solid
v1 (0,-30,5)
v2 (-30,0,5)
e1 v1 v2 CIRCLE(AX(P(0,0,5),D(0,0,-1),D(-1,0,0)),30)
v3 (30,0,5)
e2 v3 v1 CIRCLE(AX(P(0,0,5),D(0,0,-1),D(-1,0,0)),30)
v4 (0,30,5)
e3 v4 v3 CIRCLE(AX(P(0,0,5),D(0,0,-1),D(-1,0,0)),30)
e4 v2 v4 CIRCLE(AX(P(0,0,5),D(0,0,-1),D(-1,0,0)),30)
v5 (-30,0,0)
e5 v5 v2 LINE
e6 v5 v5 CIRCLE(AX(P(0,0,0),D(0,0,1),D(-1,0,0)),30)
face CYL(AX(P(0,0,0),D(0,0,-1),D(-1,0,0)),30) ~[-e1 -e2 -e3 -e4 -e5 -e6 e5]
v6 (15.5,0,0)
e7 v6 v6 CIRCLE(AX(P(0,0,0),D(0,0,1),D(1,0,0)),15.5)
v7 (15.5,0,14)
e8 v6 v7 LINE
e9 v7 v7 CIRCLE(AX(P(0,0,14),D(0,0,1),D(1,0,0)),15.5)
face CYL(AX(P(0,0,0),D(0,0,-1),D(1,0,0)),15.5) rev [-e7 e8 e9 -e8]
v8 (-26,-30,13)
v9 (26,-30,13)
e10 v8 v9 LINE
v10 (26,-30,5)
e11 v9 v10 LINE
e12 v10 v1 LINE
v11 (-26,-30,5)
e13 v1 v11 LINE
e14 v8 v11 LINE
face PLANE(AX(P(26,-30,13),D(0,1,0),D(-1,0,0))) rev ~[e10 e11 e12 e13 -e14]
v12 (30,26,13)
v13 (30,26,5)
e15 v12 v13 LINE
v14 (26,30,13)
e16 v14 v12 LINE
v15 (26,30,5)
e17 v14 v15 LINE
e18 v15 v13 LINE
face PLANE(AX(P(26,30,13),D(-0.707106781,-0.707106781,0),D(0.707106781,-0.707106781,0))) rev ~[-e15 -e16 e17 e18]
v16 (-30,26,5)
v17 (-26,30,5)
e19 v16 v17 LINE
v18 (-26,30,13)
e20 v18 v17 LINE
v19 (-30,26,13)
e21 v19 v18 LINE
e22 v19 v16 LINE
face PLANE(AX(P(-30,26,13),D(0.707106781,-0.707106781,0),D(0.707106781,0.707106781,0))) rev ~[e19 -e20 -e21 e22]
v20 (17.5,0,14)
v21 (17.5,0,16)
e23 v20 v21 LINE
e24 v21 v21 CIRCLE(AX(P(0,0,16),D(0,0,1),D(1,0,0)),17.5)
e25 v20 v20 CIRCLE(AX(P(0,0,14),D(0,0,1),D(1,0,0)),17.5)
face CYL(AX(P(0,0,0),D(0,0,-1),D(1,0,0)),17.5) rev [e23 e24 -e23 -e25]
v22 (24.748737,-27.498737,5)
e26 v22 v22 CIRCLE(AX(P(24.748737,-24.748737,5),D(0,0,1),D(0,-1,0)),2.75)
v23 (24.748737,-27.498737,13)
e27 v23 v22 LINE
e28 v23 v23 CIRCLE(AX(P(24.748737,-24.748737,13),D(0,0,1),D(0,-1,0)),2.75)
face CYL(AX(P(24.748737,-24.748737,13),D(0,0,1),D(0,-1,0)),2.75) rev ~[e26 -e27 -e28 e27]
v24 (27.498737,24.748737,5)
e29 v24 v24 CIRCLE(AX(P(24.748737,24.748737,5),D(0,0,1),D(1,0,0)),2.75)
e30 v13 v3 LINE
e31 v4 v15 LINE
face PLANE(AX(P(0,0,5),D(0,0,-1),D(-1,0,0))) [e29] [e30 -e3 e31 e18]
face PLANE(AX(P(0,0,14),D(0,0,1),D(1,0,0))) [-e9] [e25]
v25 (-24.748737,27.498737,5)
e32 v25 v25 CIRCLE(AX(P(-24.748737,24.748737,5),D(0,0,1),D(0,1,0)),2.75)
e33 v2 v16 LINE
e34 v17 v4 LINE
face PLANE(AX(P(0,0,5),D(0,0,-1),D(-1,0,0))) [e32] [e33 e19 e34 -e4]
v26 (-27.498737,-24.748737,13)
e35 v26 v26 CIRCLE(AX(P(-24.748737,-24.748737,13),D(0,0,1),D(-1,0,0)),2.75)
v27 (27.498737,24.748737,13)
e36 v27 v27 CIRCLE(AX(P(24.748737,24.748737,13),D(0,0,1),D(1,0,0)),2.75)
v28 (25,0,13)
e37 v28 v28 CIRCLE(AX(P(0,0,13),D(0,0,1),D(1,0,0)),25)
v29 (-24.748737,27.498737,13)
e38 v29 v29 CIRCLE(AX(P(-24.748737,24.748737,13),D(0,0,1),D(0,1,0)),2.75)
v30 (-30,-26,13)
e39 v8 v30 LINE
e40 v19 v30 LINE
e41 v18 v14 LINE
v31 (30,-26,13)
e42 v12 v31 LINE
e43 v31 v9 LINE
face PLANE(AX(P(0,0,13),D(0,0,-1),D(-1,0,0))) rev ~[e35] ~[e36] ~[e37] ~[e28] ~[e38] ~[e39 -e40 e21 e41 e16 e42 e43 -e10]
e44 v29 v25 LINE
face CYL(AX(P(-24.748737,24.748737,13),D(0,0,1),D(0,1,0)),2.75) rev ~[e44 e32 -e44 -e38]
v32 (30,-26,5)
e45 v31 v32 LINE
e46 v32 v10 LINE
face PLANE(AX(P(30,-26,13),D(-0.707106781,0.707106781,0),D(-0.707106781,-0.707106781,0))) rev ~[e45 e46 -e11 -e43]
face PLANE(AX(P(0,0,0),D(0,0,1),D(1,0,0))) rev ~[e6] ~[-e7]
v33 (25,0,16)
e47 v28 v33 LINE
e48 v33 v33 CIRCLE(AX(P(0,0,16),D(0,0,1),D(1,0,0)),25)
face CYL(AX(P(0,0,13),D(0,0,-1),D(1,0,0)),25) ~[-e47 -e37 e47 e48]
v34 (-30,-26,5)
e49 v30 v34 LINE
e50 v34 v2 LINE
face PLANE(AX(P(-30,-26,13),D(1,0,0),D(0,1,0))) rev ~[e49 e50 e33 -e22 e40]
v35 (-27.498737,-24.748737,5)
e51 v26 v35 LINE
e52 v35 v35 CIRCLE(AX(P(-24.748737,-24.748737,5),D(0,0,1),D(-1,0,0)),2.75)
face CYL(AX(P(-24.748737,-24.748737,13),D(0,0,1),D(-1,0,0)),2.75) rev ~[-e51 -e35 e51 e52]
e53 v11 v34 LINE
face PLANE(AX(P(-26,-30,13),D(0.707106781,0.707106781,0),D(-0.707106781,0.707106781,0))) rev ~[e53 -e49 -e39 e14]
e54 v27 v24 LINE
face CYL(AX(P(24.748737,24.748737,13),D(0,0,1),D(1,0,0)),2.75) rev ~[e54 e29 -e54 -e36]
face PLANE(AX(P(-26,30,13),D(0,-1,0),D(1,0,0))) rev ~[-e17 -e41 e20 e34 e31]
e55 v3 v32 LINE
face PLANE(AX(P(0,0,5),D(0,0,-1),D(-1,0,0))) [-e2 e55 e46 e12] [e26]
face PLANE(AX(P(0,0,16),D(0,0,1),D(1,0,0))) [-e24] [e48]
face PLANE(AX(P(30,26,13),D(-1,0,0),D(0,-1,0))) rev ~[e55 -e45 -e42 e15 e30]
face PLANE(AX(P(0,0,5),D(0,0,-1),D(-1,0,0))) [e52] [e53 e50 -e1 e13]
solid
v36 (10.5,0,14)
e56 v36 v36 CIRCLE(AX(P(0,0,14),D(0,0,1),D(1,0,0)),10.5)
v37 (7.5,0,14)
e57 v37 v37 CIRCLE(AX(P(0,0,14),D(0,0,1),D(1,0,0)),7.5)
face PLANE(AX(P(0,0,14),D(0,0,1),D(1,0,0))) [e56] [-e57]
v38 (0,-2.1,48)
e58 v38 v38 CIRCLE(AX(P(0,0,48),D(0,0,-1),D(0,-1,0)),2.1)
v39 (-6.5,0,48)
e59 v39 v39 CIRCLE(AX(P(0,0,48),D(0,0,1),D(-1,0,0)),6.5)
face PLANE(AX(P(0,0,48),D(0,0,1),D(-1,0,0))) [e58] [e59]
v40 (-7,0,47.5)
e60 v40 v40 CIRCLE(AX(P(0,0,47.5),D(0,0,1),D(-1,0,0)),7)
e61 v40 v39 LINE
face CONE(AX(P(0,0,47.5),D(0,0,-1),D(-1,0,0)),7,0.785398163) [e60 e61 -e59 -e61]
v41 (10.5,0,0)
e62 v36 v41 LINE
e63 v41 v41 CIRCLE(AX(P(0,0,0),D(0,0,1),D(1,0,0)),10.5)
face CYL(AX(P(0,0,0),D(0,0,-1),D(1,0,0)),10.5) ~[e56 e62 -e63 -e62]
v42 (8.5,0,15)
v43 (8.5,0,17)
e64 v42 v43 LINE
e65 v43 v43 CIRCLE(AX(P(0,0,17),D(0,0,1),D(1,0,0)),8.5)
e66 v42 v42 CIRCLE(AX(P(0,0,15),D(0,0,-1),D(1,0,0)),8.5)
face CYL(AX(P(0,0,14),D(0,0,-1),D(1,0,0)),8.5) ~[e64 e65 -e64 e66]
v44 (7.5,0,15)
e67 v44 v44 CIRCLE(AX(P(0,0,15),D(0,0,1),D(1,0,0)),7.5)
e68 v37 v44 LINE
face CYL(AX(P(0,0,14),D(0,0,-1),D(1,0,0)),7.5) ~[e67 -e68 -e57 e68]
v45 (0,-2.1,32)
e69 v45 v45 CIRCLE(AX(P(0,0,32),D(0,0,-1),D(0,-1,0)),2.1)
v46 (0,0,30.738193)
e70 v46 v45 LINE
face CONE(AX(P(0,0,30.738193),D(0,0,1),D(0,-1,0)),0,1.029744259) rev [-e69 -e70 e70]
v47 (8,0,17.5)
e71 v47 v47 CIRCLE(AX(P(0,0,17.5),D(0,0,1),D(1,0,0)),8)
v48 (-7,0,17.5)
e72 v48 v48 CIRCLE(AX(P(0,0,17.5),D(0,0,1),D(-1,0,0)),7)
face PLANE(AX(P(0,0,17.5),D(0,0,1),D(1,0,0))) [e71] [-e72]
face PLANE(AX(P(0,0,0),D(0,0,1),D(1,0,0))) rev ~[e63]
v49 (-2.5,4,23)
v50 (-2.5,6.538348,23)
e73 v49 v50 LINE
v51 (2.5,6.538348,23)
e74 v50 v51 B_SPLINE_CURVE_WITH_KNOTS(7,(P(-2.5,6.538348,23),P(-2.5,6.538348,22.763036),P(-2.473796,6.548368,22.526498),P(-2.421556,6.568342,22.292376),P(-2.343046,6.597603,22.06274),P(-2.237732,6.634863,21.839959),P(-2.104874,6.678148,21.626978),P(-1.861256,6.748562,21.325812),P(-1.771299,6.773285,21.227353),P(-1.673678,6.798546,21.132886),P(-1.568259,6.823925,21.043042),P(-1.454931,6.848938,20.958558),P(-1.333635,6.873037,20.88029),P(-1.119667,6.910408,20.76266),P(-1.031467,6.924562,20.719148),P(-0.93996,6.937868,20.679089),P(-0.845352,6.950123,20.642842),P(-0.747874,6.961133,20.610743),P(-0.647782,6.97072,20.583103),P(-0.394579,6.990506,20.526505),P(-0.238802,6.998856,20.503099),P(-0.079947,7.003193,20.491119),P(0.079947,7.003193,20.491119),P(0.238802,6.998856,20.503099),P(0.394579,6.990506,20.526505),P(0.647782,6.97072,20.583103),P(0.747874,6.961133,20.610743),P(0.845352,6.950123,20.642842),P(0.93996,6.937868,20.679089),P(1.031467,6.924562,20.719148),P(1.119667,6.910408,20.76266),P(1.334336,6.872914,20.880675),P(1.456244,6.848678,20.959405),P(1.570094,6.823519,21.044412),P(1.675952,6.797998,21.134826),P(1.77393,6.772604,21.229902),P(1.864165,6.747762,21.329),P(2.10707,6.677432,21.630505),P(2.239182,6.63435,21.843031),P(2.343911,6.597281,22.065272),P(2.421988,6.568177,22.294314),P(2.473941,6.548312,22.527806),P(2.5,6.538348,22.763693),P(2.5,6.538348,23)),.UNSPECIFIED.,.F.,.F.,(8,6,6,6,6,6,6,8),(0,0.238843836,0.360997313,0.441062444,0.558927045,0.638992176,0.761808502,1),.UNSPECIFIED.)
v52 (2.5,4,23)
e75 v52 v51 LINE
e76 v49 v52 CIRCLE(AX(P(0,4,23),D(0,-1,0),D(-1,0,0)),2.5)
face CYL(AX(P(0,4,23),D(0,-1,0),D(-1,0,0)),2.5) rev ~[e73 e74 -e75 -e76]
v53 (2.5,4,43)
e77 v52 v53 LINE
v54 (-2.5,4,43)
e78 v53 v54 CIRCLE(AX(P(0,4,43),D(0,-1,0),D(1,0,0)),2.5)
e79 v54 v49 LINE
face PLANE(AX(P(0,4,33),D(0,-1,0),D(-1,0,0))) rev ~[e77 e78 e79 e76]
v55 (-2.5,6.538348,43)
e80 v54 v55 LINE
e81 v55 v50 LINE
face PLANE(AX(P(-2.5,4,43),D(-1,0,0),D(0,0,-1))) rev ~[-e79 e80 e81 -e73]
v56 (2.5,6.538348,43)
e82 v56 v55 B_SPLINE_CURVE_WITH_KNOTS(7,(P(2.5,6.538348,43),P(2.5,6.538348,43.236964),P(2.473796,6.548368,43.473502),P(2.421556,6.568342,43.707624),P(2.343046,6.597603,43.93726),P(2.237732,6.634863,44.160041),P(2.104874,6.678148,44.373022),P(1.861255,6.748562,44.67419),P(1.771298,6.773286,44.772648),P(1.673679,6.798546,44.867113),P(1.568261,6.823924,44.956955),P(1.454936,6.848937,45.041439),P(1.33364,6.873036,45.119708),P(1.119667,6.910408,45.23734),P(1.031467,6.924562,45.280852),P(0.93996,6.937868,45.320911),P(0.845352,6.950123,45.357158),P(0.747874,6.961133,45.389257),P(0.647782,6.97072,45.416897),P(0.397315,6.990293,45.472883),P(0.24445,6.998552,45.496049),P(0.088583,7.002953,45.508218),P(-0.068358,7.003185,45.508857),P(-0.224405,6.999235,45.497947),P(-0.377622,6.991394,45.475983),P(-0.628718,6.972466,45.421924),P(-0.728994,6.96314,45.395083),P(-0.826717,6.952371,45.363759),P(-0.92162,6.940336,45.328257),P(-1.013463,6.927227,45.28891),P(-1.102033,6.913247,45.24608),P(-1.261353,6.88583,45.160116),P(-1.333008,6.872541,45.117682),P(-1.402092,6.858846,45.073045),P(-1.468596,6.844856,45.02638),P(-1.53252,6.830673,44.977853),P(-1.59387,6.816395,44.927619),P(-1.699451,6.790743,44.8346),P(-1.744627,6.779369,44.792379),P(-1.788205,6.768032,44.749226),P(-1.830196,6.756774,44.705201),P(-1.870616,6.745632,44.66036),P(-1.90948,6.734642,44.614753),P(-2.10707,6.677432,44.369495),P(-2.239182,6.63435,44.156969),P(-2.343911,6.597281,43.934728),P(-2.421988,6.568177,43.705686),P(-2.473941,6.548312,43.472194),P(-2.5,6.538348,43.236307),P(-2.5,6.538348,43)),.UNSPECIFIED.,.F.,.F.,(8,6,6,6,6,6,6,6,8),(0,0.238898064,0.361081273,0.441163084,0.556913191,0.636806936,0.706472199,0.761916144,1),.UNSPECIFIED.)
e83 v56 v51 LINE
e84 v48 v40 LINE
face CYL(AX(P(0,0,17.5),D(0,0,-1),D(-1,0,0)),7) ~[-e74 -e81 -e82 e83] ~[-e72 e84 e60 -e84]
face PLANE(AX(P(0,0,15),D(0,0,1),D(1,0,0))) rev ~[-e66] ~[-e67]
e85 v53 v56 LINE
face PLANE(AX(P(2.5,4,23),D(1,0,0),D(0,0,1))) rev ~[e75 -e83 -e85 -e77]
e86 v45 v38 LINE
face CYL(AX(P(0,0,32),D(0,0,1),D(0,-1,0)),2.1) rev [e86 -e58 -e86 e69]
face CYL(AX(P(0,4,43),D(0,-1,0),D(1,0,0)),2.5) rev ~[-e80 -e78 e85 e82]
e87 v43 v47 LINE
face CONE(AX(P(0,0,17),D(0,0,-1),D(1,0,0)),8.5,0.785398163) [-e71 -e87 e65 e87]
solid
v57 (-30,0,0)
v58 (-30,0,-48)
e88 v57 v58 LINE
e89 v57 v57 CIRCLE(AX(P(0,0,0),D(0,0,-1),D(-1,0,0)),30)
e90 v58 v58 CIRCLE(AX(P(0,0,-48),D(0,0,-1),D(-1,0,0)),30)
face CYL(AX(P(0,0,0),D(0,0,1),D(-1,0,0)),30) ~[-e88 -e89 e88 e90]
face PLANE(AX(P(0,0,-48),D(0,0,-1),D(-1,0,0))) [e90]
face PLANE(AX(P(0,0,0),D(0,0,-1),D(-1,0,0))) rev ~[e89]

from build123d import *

# Parameters (mm, degrees)
SKETCH_1_R               = 30
EXTRUDE_1_DEPTH          = 13
SKETCH_2_R               = 30
EXTRUDE_2_DEPTH          = 48
SKETCH_3_R               = 25
SKETCH_3_R_2             = 17.5
EXTRUDE_3_DEPTH          = 3
CUT_EXTRUDE_START        = -13
SKETCH_4_R               = 17.5
CUT_EXTRUDE_1_DEPTH      = 13
SKETCH_6_R               = 17.5
SKETCH_6_R_2             = 15.5
EXTRUDE_4_DEPTH          = 14
SKETCH_7_R               = 10.5
EXTRUDE_5_DEPTH          = 14
SKETCH_8_R               = 8.5
EXTRUDE_6_DEPTH          = 3.5
SKETCH_9_R               = 7
EXTRUDE_7_DEPTH          = 30.5
CHAMFER_1_SIZE           = 0.5
SKETCH_10_R              = 15.5
SKETCH_10_R_2            = 7.5
CUT_EXTRUDE_7_DEPTH      = 1
CUT_EXTRUDE_8_DEPTH      = 10
EXTRUDE_8_DEPTH          = 8
SKETCH_19_R              = 2.75
CUT_EXTRUDE_9_DEPTH      = 8
PATTERN_CIRCULAR_1_COUNT = 4
CUT_EXTRUDE_START_2      = -8
SKETCH_21_R              = 15.5
SKETCH_21_R_2            = 10.5
CUT_EXTRUDE_11_DEPTH     = 8


with BuildPart() as part:
    # 草图1 → 凸台-拉伸1 (new body)
    with BuildSketch(Plane.XY):
        with Locations(Location((0, 0, 0), (0, 0, 180))):
            Circle(SKETCH_1_R)
    extrude(amount=EXTRUDE_1_DEPTH)

    # 草图3 → 凸台-拉伸3 (add)
    with BuildSketch(Plane.XY.offset(13)):
        Circle(SKETCH_3_R)
        Circle(SKETCH_3_R_2, mode=Mode.SUBTRACT)
    extrude(amount=EXTRUDE_3_DEPTH)

    # 草图4 → 切除-拉伸1 (cut)
    with BuildSketch(Plane.XY.offset(13).offset(CUT_EXTRUDE_START)):
        Circle(SKETCH_4_R)
    extrude(amount=CUT_EXTRUDE_1_DEPTH, mode=Mode.SUBTRACT)



with BuildPart() as body_2:
    # 草图2 → 凸台-拉伸2 (new body)
    with BuildSketch(Plane(origin=(0, 0, 0), x_dir=(-1, 0, 0), z_dir=(0, 0, -1))):
        Circle(SKETCH_2_R)
    extrude(amount=EXTRUDE_2_DEPTH)


with BuildPart() as body_3:
    # 草图6 → 凸台-拉伸4 (new body)
    with BuildSketch(Plane.XY):
        Circle(SKETCH_6_R)
        Circle(SKETCH_6_R_2, mode=Mode.SUBTRACT)
    extrude(amount=EXTRUDE_4_DEPTH)


with BuildPart() as body_4:
    # 草图7 → 凸台-拉伸5 (new body)
    with BuildSketch(Plane.XY):
        Circle(SKETCH_7_R)
    extrude(amount=EXTRUDE_5_DEPTH)

    # 草图8 → 凸台-拉伸6 (add)
    with BuildSketch(Plane.XY.offset(14)):
        Circle(SKETCH_8_R)
    extrude(amount=EXTRUDE_6_DEPTH)

    # 草图9 → 凸台-拉伸7 (add)
    with BuildSketch(Plane.XY.offset(17.5)):
        with Locations(Location((0, 0, 0), (0, 0, 180))):
            Circle(SKETCH_9_R)
    extrude(amount=EXTRUDE_7_DEPTH)

    # 倒角1
    chamfer_1_edges = [body_4.edges().sort_by_distance(p)[0] for p in [
        (7, 0, 48),
        (-8.5, 0, 17.5),
    ]]
    chamfer(chamfer_1_edges, length=CHAMFER_1_SIZE)

    # 草图10 → 切除-拉伸7 (cut)
    with BuildSketch(Plane.XY.offset(14)):
        Circle(SKETCH_10_R)
        Circle(SKETCH_10_R_2, mode=Mode.SUBTRACT)
    extrude(amount=CUT_EXTRUDE_7_DEPTH, mode=Mode.SUBTRACT)

    # 草图11 → 切除-拉伸8 (cut)
    with BuildSketch(Plane(origin=(0, 4, 0), x_dir=(1, 0, 0), z_dir=(0, 1, 0))):
        with BuildLine():
            Line((2.5, -23), (2.5, -43))
            ThreePointArc((2.5, -43), (0, -45.5), (-2.5, -43))
            Line((-2.5, -43), (-2.5, -23))
            ThreePointArc((-2.5, -23), (0, -20.5), (2.5, -23))
        make_face()
    extrude(amount=CUT_EXTRUDE_8_DEPTH, mode=Mode.SUBTRACT)

    # 草图12 → M5 螺纹孔1 (revolve, cut)
    with BuildSketch(Plane(origin=(0, 0, 48), x_dir=(0, -1, 0), z_dir=(1, 0, 0))):
        Polygon((0, 0), (0, 17.2618073), (2.1, 16), (2.1, 0), align=None)
    revolve(axis=Axis((0, 0, 54.35), (0, 0, -1)), mode=Mode.SUBTRACT)


with BuildPart() as part_1:
    add(part.part)

    add(body_3.part)  # 凸台-拉伸8 merges body 3

    add(body_4.part)  # 凸台-拉伸8 merges body 4
    # 草图18 → 凸台-拉伸8 (add)
    with BuildSketch(Plane.XY.offset(13)):
        Polygon((26, 30), (30, 26), (30, -26), (26, -30), (-26, -30), (-30, -26), (-30, 26), (-26, 30), align=None)
    extrude(amount=-EXTRUDE_8_DEPTH)

    # 草图19 → 切除-拉伸9 (cut)
    with BuildSketch(Plane.XY.offset(13)):
        with Locations((24.748737342, 24.748737342)):
            Circle(SKETCH_19_R)
    cut_extrude_9 = extrude(amount=-CUT_EXTRUDE_9_DEPTH, mode=Mode.SUBTRACT)

    # 阵列(圆周)1: 切除-拉伸9 ×4 about axis
    pattern_circular_1_axis = Axis((0, 0, 0), (0, 0, 1))
    for i in range(1, PATTERN_CIRCULAR_1_COUNT):
        add(cut_extrude_9.rotate(pattern_circular_1_axis, i * 360 / PATTERN_CIRCULAR_1_COUNT), mode=Mode.SUBTRACT)

    # 草图21 → 切除-拉伸11 (cut)
    with BuildSketch(Plane.XY.offset(13).offset(CUT_EXTRUDE_START_2)):
        Circle(SKETCH_21_R)
        Circle(SKETCH_21_R_2, mode=Mode.SUBTRACT)
    extrude(amount=CUT_EXTRUDE_11_DEPTH, mode=Mode.SUBTRACT)


with BuildPart() as cut_extrude_11_piece_1:
    # of the separate pieces the step leaves, piece 1, a body of its own (cut_extrude_11_pieces)
    add(part_1.part.solids().sort_by_distance((15.5, 0, 14))[0])


with BuildPart() as cut_extrude_11_piece_2:
    # of the separate pieces the step leaves, piece 2, a body of its own (cut_extrude_11_pieces)
    add(part_1.part.solids().sort_by_distance((10.5, 0, 14))[0])


solid = Compound([body_2.part, cut_extrude_11_piece_1.part, cut_extrude_11_piece_2.part])
